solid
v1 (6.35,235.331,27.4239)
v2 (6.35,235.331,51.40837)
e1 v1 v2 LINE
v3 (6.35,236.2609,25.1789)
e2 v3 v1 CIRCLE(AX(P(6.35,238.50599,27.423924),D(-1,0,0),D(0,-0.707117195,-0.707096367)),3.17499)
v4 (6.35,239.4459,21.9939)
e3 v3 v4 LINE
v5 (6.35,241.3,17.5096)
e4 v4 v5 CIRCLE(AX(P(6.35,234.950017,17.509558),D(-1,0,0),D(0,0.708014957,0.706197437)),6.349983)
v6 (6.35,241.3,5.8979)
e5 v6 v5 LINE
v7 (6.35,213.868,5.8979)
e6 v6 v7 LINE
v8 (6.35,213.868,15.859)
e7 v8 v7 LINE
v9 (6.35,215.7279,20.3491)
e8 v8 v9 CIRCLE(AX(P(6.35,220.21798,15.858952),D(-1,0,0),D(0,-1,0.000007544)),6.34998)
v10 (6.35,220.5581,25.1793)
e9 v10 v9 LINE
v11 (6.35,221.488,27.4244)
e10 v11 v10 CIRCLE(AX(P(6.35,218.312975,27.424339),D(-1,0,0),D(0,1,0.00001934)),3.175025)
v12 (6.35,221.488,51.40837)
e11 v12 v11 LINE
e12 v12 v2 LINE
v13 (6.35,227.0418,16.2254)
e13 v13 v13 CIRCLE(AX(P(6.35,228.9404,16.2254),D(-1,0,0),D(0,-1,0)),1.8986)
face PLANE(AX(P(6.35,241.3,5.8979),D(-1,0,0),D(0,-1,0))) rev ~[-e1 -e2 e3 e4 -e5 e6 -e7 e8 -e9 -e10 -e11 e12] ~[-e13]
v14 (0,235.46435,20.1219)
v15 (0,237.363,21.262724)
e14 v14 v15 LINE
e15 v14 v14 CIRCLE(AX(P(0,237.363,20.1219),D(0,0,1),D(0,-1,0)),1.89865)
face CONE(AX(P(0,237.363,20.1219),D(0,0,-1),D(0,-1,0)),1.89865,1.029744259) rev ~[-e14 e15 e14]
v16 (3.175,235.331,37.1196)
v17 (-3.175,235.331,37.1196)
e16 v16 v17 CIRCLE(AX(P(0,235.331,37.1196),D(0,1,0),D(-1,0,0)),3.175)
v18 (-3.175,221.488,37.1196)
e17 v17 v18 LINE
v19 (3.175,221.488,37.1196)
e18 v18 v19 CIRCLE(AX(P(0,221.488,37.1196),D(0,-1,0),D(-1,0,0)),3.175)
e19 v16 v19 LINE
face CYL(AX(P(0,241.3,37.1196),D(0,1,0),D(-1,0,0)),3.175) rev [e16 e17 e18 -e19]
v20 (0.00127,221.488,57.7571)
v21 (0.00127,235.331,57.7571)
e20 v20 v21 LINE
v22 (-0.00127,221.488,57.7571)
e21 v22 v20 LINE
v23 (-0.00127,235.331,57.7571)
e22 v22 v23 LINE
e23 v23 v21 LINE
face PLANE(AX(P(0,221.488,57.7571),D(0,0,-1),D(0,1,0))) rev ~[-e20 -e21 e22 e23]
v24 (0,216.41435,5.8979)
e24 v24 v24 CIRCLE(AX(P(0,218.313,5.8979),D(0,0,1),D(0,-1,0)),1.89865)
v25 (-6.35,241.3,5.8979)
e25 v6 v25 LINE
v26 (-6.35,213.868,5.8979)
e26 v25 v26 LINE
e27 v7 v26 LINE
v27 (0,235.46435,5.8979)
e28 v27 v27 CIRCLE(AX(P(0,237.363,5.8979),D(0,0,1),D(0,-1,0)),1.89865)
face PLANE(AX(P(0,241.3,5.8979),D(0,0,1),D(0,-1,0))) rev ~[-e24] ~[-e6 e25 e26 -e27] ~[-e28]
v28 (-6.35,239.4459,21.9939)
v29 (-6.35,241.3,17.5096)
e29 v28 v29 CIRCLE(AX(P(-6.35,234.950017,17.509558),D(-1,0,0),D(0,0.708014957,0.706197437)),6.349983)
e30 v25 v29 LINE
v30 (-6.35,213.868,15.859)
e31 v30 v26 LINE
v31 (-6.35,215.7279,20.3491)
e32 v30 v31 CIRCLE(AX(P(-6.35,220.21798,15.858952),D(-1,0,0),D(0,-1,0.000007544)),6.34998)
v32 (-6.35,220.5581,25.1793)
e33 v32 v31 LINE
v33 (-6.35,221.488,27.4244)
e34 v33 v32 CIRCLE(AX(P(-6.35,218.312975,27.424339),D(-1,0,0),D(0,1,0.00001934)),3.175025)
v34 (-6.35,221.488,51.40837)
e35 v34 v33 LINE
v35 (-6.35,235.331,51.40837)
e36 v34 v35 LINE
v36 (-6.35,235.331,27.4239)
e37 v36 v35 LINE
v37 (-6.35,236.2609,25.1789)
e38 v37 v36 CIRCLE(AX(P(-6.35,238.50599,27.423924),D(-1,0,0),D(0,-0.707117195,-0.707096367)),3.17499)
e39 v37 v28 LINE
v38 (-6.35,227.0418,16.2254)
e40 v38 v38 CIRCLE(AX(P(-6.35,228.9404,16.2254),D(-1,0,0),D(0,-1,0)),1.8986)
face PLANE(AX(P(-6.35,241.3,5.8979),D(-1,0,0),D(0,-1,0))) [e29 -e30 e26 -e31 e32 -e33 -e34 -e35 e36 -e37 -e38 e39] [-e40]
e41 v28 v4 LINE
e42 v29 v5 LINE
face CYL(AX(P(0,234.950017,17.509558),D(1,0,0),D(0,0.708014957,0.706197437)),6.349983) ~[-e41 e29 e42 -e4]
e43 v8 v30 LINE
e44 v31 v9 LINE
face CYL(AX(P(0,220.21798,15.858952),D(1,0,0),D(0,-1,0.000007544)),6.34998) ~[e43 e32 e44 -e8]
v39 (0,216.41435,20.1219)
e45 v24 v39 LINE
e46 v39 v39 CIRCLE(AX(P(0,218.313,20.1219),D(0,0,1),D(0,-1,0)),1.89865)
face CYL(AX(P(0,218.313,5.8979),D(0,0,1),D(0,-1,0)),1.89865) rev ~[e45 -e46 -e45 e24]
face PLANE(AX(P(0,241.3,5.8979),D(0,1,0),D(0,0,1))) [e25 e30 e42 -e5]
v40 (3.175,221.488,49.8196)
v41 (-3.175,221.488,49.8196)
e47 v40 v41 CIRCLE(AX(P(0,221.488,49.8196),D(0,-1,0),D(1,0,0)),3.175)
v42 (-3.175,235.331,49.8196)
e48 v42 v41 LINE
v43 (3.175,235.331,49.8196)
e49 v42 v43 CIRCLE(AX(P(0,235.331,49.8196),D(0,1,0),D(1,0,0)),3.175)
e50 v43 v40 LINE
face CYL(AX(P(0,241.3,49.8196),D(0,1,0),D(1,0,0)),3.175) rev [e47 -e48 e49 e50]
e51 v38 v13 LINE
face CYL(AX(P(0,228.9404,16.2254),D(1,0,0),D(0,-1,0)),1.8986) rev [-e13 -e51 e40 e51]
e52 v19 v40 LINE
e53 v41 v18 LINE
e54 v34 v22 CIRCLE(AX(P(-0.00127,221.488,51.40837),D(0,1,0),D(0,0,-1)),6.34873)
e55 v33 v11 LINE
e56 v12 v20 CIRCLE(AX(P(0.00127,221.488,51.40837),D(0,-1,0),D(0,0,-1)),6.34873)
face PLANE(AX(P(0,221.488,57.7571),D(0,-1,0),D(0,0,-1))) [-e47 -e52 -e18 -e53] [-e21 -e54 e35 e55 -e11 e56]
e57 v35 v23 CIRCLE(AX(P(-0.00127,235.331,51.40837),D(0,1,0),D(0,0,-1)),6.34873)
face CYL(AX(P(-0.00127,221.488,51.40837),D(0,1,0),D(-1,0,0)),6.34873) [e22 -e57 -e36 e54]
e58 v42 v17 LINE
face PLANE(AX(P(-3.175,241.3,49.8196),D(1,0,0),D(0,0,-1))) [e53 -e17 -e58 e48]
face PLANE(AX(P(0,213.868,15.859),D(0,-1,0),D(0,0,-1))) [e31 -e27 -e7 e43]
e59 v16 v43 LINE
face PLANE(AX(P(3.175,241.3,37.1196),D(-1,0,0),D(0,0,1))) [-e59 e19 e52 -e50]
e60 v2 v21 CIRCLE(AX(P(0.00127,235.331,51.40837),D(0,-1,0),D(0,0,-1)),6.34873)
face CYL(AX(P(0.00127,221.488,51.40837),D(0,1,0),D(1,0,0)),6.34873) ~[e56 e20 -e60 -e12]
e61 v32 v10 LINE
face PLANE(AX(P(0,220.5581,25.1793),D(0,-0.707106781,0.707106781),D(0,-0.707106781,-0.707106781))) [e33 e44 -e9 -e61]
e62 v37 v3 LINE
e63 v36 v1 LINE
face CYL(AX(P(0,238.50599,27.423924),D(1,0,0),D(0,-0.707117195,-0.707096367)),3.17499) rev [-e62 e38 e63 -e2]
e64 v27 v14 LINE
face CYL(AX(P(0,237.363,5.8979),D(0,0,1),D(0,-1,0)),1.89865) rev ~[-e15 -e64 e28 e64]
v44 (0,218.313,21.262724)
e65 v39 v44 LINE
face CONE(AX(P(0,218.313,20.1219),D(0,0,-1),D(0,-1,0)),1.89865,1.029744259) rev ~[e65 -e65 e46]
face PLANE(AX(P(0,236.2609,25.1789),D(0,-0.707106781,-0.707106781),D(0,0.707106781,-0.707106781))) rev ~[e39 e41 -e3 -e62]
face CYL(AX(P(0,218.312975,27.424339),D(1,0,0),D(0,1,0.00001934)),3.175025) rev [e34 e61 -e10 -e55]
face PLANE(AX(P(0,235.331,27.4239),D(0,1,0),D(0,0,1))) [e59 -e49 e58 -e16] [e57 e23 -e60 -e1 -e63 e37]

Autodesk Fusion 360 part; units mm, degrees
sketch "Right" plane through (0, 0, 0) normal (1, 0, 0) x (0, 1, 0) in component "Tower"
  line L0 (0, 0) -> (0, 11.6117)
  line L1 (27.432, 9.9611) -> (27.432, 0)
  arc A0 (27.432, 9.9611) -> (25.5721, 14.4512) centre (21.082, 9.9611) ccw
  arc A1 (1.8541, 16.096) -> (0, 11.6117) centre (6.35, 11.6117) ccw
  arc A2 (5.0391, 19.281) -> (5.969, 21.526) centre (2.794, 21.526) ccw
  line L2 (5.0391, 19.281) -> (1.8541, 16.096)
  line L3 (20.7419, 19.2814) -> (25.5721, 14.4512)
  arc A3 (19.812, 21.5265) -> (20.7419, 19.2814) centre (22.987, 21.5265) ccw
  line L4 (19.812, 51.8592) -> (19.812, 21.5265)
  line L5 (19.812, 51.8592) -> (5.969, 51.8592)
  line L6 (5.969, 21.526) -> (5.969, 51.8592)
  line L7 (0, 0) -> (27.432, 0)
  circle A4 centre (12.3596, 10.3275) radius 1.8986
  line L8 (3.937, 0) -> (3.937, 12.7) construction
  line L9 (22.987, 0) -> (22.987, 12.7) construction
  circle A5 centre (12.3596, 10.3275) radius 12.7 construction
  dimension "d1" = 27.432
  dimension "d4" = 10.3275
  dimension "d5" = 6.35
  dimension "d6" = 6.8309
  dimension "d7" = 3.175
  dimension "d8" = 3.175
  dimension "d9" = 6.35
  dimension "d11" = 30.3327
  dimension "d13" = 13.843
  dimension "d14" = 9.9611
  dimension "d16" = 45
  dimension "d17" = 45
  dimension "d19" = 3.937
  dimension "d20" = 19.05
  dimension "d21" = 4.445
  dimension "d22" = 3.7973
  dimension "d23" = 12.3596
  dimension "d24" = 25.5721
  dimension "d25" = 14.4512
  dimension "d26" = 21.5265
  dimension "d28" = 12.7
  dimension "d29" = 12.7
  dimension "d46" = 16.096
  dimension "d47" = 1.8541
  dimension "d48" = 25.4
extrude "Extrude1" add sketch "Right" along normal mid plane 12.7 in component "Tower"
sketch "Front" plane through (0, 0, 0) normal (0, 1, 0) x (1, 0, 0) in component "Tower"
  line L0 (3.175, -43.9217) -> (3.175, -31.2217)
  arc A0 (3.175, -31.2217) -> (-3.175, -31.2217) centre (0, -31.2217) ccw
  line L1 (-3.175, -31.2217) -> (-3.175, -43.9217)
  arc A1 (-3.175, -43.9217) -> (3.175, -43.9217) centre (0, -43.9217) ccw
  line L2 (0, -43.9217) -> (0, -31.2217) construction
  dimension "d32" = 6.35
  dimension "d33" = 31.2217
  dimension "d34" = 12.7
  dimension "d35" = 3.175
extrude "Extrude2" cut sketch "Front" along normal up to surface (19.812 mm away) in component "Tower"
sketch "Bottom" plane through (0, 0, 0) normal (0, 0, 1) x (1, 0, 0) in component "Tower"
  circle A0 centre (0, 3.937) radius 1.8986
  circle A1 centre (0, 22.987) radius 1.8986
  dimension "d38" = 19.05
  dimension "d39" = 3.7973
  dimension "d40" = 3.7973
  dimension "d41" = 3.937
hole "Hole1" at (0, 22.987, 0) at (0, 3.937, 0) direction (0, 0, 1) diameter 3.7973 depth 14.224 tip angle 118 in component "Tower"
fillet "Fillet1" radius 6.35 2 edges at (-6.35, 12.8905, 51.8592) (6.35, 12.8905, 51.8592) in component "Tower"
component "Tower" placed x (-1, 0, 0) y (0, -1, 0) z (0, 0, 1) at (0, 241.3, 5.8979)
equation "d39 = d40"
